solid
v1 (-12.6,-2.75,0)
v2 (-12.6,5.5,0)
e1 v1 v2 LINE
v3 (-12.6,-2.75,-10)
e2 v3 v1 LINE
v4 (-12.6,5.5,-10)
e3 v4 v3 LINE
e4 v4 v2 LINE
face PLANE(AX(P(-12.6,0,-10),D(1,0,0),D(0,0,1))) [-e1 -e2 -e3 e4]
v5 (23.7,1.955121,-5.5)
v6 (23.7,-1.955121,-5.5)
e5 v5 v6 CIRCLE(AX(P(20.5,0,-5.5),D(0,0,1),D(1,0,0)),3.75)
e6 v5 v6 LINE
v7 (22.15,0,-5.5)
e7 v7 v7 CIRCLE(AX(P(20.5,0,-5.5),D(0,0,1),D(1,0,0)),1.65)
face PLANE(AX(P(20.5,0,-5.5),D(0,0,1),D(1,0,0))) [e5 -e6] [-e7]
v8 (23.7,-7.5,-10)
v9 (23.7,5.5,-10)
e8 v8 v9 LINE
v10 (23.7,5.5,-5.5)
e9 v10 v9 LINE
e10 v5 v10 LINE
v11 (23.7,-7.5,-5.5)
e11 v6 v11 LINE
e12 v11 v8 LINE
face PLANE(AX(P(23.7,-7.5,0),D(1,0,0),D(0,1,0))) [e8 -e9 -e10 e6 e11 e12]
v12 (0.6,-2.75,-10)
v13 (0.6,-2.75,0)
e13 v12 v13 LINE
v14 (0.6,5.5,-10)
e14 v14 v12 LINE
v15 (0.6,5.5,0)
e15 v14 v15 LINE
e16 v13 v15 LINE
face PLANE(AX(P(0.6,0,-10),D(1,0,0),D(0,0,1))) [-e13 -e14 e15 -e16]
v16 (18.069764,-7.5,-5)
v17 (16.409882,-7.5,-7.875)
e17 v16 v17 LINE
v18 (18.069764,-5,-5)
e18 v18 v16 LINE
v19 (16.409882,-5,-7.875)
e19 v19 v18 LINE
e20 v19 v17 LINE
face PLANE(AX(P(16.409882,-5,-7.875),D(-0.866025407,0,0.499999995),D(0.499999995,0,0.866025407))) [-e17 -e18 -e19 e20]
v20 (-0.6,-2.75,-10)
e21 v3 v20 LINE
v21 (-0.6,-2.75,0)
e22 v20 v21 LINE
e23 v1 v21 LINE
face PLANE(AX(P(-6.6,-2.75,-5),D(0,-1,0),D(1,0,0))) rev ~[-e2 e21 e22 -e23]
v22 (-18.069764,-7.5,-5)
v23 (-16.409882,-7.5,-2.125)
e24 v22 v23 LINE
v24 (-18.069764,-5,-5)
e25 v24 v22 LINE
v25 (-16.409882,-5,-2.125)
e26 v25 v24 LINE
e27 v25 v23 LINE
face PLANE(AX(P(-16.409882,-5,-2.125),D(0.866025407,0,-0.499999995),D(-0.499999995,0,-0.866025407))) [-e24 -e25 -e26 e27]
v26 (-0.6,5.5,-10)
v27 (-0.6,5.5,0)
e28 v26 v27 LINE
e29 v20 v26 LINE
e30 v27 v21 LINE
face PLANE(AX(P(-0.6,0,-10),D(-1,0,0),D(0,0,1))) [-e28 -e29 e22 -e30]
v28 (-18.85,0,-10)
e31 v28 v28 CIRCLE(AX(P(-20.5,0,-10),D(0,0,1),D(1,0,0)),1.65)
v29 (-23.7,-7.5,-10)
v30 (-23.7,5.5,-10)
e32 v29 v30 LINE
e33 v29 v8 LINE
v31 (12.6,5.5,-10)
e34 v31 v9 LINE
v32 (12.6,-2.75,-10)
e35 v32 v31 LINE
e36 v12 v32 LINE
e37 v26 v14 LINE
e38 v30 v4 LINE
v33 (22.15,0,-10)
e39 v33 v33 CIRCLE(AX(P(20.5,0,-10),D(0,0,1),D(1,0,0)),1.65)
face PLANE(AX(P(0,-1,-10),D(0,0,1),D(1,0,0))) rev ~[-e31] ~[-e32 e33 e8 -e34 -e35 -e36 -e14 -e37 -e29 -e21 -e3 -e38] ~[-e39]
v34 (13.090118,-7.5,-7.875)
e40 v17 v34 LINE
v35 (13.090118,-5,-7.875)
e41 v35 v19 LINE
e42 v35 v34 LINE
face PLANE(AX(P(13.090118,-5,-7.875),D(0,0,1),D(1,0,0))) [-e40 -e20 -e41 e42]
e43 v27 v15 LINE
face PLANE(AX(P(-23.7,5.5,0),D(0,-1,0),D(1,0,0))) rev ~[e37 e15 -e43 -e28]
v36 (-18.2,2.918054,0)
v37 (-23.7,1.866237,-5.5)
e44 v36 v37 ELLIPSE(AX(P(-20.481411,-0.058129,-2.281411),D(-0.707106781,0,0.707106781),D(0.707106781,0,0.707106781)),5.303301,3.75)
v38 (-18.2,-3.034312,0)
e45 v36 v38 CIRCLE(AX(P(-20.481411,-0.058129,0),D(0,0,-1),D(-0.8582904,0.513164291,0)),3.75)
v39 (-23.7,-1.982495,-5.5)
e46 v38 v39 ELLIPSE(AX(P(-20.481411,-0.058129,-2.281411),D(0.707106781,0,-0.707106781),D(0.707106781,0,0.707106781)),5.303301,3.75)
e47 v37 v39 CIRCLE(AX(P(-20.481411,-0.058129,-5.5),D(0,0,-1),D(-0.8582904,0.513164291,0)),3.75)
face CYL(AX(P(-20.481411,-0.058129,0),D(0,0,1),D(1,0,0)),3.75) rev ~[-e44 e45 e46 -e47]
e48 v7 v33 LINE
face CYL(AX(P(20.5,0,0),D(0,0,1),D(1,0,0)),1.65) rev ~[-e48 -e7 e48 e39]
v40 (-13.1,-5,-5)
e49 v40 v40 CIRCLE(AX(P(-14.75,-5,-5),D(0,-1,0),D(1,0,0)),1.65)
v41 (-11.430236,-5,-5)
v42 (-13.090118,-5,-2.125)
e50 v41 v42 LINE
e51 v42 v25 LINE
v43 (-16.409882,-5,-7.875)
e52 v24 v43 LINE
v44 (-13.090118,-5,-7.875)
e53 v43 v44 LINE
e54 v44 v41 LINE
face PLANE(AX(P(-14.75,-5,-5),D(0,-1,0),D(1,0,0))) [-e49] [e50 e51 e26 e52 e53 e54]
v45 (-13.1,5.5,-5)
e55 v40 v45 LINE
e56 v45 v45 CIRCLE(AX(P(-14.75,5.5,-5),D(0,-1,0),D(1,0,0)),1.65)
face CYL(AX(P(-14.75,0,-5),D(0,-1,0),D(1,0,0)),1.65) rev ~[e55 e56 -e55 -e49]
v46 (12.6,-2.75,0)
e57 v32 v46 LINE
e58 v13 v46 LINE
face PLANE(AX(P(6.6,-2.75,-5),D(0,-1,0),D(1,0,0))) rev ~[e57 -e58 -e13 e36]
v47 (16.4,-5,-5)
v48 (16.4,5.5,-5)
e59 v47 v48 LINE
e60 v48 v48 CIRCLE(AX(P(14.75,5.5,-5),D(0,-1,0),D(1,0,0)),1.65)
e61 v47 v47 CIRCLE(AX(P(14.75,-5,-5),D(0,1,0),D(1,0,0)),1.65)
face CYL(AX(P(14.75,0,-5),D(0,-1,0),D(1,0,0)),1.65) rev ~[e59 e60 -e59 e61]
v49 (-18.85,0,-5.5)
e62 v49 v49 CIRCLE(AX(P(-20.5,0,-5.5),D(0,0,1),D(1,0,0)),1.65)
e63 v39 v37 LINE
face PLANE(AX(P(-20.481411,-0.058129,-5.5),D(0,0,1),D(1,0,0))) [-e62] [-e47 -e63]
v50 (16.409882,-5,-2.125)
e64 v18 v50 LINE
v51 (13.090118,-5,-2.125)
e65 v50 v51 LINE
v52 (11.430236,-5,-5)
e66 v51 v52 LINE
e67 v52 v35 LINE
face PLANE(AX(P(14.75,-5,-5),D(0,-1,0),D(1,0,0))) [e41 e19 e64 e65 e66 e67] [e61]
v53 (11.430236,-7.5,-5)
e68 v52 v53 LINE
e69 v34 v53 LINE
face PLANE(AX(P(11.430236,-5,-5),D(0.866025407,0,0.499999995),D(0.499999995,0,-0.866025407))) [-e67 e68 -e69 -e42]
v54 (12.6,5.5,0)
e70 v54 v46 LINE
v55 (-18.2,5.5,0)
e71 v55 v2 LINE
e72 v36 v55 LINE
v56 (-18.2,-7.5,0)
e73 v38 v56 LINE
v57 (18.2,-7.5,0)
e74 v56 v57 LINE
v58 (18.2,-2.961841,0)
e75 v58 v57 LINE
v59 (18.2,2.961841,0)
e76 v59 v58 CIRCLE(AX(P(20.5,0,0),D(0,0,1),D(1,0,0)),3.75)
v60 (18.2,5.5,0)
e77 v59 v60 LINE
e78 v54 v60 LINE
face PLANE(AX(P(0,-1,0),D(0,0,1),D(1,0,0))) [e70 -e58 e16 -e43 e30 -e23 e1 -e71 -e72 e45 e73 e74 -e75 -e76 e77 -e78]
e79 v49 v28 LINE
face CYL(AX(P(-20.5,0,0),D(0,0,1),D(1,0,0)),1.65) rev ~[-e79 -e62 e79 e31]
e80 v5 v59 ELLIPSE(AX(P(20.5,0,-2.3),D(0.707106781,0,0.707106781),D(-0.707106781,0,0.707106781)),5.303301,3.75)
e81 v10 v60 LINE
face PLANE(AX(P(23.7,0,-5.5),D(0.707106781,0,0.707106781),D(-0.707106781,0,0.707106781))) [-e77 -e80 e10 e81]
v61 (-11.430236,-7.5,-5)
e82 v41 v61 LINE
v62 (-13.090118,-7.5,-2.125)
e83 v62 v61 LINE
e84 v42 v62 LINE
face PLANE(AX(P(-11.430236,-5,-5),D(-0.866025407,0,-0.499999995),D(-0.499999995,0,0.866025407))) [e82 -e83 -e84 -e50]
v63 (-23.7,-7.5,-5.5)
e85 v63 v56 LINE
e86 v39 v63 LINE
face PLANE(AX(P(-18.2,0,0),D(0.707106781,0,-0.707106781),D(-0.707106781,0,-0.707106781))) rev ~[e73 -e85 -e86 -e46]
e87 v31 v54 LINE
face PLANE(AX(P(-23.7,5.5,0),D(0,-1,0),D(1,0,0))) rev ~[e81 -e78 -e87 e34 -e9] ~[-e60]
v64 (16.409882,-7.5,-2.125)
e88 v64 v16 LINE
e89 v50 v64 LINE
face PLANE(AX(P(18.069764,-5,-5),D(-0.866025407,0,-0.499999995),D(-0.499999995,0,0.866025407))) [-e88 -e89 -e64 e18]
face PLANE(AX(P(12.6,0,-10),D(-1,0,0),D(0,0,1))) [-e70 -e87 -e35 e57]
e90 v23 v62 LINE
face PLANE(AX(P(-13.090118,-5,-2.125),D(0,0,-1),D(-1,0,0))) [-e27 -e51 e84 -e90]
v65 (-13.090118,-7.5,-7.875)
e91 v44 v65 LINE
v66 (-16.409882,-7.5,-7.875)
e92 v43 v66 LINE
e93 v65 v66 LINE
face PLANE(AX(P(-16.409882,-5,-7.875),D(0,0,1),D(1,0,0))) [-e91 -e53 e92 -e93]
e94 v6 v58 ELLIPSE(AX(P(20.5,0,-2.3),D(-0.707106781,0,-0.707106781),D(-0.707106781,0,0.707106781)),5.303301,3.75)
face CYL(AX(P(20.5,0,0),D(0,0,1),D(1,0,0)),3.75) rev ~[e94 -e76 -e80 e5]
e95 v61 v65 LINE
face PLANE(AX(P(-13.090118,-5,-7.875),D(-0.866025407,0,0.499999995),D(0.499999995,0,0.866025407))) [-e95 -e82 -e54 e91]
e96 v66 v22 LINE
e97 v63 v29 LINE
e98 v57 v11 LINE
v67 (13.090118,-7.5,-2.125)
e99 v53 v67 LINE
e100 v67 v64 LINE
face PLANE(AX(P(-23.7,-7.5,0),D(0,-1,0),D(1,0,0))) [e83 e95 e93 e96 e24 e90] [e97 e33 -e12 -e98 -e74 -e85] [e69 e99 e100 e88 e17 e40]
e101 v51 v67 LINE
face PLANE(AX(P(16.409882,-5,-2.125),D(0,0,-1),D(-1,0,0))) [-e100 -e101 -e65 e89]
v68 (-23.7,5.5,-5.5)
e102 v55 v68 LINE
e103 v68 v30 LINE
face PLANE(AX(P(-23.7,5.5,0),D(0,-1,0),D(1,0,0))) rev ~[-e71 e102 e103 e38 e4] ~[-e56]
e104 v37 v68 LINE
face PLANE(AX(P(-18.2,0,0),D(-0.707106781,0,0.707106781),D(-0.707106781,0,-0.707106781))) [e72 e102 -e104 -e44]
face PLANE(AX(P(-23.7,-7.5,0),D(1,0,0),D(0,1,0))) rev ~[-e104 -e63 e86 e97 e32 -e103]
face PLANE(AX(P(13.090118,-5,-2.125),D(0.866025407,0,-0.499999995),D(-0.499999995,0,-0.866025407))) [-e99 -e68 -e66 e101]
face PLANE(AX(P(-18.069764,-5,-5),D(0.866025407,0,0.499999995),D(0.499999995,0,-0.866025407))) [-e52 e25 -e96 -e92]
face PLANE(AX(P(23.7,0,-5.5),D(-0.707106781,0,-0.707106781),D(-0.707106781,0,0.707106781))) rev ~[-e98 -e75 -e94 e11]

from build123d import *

# Parameters (mm, degrees)
SKETCH_W             = 47.4
SKETCH_H             = 13
SKETCH_R             = 1.65
PAD_DEPTH            = 10
SKETCH001_R          = 3.75
POCKET_DEPTH         = 5.5
SKETCH002_W          = 12
SKETCH002_H          = 10
POCKET001_DEPTH      = 100
POCKET001_DEPTH_BACK = -2.75
SKETCH003_R          = 1.65
POCKET002_DEPTH      = 5.501
POCKET002_DEPTH_BACK = -7.501
POCKET003_DEPTH      = 5.501
POCKET003_DEPTH_BACK = -7.501
POCKET004_DEPTH      = 2.501


with BuildPart() as part:
    # Sketch → Pad (new body)
    with BuildSketch(Plane.XY):
        with Locations((0, -1)):
            Rectangle(SKETCH_W, SKETCH_H)
        with Locations((-20.5, 0)):
            Circle(SKETCH_R, mode=Mode.SUBTRACT)
        with Locations((20.5, 0)):
            Circle(SKETCH_R, mode=Mode.SUBTRACT)
    extrude(amount=-PAD_DEPTH)

    # Sketch001 → Pocket (cut)
    with BuildSketch(Plane.XY):
        with Locations((-20.481411, -0.058129)):
            Circle(SKETCH001_R)
        with Locations((20.5, 0)):
            Circle(SKETCH001_R)
    extrude(amount=-POCKET_DEPTH, mode=Mode.SUBTRACT)

    # Sketch002 → Pocket001 (cut, two sides)
    with BuildSketch(Plane.XZ) as pocket001_sk:
        with Locations((-6.6, -5)):
            Rectangle(SKETCH002_W, SKETCH002_H)
        with Locations((6.6, -5)):
            Rectangle(SKETCH002_W, SKETCH002_H)
    extrude(amount=-POCKET001_DEPTH, mode=Mode.SUBTRACT)
    extrude(pocket001_sk.sketch, amount=-POCKET001_DEPTH_BACK, mode=Mode.SUBTRACT)

    # Sketch003 → Pocket002 (cut, two sides)
    with BuildSketch(Plane.XZ) as pocket002_sk:
        with Locations((-14.75, -5)):
            Circle(SKETCH003_R)
        with Locations((14.75, -5)):
            Circle(SKETCH003_R)
    extrude(amount=-POCKET002_DEPTH, mode=Mode.SUBTRACT)
    extrude(pocket002_sk.sketch, amount=-POCKET002_DEPTH_BACK, mode=Mode.SUBTRACT)

    # Sketch004 → Pocket003 (cut, two sides)
    with BuildSketch(Plane.XZ) as pocket003_sk:
        Polygon((-18.2, 0), (-23.7, -5.5), (-23.7, 0), align=None)
        Polygon((18.2, 0), (23.7, 0), (23.7, -5.5), align=None)
    extrude(amount=-POCKET003_DEPTH, mode=Mode.SUBTRACT)
    extrude(pocket003_sk.sketch, amount=-POCKET003_DEPTH_BACK, mode=Mode.SUBTRACT)

    # Sketch005 (on DatumPlane) → Pocket004 (cut, through all)
    with BuildSketch(Plane.XZ.offset(5)):
        Polygon((-13.090118, -7.875), (-11.430236, -5), (-13.090118, -2.125), (-16.409882, -2.125), (-18.069764, -5), (-16.409882, -7.875), align=None)
        Polygon((16.409882, -7.875), (18.069764, -5), (16.409882, -2.125), (13.090118, -2.125), (11.430236, -5), (13.090118, -7.875), align=None)
    extrude(amount=POCKET004_DEPTH, mode=Mode.SUBTRACT)


solid = part.part
